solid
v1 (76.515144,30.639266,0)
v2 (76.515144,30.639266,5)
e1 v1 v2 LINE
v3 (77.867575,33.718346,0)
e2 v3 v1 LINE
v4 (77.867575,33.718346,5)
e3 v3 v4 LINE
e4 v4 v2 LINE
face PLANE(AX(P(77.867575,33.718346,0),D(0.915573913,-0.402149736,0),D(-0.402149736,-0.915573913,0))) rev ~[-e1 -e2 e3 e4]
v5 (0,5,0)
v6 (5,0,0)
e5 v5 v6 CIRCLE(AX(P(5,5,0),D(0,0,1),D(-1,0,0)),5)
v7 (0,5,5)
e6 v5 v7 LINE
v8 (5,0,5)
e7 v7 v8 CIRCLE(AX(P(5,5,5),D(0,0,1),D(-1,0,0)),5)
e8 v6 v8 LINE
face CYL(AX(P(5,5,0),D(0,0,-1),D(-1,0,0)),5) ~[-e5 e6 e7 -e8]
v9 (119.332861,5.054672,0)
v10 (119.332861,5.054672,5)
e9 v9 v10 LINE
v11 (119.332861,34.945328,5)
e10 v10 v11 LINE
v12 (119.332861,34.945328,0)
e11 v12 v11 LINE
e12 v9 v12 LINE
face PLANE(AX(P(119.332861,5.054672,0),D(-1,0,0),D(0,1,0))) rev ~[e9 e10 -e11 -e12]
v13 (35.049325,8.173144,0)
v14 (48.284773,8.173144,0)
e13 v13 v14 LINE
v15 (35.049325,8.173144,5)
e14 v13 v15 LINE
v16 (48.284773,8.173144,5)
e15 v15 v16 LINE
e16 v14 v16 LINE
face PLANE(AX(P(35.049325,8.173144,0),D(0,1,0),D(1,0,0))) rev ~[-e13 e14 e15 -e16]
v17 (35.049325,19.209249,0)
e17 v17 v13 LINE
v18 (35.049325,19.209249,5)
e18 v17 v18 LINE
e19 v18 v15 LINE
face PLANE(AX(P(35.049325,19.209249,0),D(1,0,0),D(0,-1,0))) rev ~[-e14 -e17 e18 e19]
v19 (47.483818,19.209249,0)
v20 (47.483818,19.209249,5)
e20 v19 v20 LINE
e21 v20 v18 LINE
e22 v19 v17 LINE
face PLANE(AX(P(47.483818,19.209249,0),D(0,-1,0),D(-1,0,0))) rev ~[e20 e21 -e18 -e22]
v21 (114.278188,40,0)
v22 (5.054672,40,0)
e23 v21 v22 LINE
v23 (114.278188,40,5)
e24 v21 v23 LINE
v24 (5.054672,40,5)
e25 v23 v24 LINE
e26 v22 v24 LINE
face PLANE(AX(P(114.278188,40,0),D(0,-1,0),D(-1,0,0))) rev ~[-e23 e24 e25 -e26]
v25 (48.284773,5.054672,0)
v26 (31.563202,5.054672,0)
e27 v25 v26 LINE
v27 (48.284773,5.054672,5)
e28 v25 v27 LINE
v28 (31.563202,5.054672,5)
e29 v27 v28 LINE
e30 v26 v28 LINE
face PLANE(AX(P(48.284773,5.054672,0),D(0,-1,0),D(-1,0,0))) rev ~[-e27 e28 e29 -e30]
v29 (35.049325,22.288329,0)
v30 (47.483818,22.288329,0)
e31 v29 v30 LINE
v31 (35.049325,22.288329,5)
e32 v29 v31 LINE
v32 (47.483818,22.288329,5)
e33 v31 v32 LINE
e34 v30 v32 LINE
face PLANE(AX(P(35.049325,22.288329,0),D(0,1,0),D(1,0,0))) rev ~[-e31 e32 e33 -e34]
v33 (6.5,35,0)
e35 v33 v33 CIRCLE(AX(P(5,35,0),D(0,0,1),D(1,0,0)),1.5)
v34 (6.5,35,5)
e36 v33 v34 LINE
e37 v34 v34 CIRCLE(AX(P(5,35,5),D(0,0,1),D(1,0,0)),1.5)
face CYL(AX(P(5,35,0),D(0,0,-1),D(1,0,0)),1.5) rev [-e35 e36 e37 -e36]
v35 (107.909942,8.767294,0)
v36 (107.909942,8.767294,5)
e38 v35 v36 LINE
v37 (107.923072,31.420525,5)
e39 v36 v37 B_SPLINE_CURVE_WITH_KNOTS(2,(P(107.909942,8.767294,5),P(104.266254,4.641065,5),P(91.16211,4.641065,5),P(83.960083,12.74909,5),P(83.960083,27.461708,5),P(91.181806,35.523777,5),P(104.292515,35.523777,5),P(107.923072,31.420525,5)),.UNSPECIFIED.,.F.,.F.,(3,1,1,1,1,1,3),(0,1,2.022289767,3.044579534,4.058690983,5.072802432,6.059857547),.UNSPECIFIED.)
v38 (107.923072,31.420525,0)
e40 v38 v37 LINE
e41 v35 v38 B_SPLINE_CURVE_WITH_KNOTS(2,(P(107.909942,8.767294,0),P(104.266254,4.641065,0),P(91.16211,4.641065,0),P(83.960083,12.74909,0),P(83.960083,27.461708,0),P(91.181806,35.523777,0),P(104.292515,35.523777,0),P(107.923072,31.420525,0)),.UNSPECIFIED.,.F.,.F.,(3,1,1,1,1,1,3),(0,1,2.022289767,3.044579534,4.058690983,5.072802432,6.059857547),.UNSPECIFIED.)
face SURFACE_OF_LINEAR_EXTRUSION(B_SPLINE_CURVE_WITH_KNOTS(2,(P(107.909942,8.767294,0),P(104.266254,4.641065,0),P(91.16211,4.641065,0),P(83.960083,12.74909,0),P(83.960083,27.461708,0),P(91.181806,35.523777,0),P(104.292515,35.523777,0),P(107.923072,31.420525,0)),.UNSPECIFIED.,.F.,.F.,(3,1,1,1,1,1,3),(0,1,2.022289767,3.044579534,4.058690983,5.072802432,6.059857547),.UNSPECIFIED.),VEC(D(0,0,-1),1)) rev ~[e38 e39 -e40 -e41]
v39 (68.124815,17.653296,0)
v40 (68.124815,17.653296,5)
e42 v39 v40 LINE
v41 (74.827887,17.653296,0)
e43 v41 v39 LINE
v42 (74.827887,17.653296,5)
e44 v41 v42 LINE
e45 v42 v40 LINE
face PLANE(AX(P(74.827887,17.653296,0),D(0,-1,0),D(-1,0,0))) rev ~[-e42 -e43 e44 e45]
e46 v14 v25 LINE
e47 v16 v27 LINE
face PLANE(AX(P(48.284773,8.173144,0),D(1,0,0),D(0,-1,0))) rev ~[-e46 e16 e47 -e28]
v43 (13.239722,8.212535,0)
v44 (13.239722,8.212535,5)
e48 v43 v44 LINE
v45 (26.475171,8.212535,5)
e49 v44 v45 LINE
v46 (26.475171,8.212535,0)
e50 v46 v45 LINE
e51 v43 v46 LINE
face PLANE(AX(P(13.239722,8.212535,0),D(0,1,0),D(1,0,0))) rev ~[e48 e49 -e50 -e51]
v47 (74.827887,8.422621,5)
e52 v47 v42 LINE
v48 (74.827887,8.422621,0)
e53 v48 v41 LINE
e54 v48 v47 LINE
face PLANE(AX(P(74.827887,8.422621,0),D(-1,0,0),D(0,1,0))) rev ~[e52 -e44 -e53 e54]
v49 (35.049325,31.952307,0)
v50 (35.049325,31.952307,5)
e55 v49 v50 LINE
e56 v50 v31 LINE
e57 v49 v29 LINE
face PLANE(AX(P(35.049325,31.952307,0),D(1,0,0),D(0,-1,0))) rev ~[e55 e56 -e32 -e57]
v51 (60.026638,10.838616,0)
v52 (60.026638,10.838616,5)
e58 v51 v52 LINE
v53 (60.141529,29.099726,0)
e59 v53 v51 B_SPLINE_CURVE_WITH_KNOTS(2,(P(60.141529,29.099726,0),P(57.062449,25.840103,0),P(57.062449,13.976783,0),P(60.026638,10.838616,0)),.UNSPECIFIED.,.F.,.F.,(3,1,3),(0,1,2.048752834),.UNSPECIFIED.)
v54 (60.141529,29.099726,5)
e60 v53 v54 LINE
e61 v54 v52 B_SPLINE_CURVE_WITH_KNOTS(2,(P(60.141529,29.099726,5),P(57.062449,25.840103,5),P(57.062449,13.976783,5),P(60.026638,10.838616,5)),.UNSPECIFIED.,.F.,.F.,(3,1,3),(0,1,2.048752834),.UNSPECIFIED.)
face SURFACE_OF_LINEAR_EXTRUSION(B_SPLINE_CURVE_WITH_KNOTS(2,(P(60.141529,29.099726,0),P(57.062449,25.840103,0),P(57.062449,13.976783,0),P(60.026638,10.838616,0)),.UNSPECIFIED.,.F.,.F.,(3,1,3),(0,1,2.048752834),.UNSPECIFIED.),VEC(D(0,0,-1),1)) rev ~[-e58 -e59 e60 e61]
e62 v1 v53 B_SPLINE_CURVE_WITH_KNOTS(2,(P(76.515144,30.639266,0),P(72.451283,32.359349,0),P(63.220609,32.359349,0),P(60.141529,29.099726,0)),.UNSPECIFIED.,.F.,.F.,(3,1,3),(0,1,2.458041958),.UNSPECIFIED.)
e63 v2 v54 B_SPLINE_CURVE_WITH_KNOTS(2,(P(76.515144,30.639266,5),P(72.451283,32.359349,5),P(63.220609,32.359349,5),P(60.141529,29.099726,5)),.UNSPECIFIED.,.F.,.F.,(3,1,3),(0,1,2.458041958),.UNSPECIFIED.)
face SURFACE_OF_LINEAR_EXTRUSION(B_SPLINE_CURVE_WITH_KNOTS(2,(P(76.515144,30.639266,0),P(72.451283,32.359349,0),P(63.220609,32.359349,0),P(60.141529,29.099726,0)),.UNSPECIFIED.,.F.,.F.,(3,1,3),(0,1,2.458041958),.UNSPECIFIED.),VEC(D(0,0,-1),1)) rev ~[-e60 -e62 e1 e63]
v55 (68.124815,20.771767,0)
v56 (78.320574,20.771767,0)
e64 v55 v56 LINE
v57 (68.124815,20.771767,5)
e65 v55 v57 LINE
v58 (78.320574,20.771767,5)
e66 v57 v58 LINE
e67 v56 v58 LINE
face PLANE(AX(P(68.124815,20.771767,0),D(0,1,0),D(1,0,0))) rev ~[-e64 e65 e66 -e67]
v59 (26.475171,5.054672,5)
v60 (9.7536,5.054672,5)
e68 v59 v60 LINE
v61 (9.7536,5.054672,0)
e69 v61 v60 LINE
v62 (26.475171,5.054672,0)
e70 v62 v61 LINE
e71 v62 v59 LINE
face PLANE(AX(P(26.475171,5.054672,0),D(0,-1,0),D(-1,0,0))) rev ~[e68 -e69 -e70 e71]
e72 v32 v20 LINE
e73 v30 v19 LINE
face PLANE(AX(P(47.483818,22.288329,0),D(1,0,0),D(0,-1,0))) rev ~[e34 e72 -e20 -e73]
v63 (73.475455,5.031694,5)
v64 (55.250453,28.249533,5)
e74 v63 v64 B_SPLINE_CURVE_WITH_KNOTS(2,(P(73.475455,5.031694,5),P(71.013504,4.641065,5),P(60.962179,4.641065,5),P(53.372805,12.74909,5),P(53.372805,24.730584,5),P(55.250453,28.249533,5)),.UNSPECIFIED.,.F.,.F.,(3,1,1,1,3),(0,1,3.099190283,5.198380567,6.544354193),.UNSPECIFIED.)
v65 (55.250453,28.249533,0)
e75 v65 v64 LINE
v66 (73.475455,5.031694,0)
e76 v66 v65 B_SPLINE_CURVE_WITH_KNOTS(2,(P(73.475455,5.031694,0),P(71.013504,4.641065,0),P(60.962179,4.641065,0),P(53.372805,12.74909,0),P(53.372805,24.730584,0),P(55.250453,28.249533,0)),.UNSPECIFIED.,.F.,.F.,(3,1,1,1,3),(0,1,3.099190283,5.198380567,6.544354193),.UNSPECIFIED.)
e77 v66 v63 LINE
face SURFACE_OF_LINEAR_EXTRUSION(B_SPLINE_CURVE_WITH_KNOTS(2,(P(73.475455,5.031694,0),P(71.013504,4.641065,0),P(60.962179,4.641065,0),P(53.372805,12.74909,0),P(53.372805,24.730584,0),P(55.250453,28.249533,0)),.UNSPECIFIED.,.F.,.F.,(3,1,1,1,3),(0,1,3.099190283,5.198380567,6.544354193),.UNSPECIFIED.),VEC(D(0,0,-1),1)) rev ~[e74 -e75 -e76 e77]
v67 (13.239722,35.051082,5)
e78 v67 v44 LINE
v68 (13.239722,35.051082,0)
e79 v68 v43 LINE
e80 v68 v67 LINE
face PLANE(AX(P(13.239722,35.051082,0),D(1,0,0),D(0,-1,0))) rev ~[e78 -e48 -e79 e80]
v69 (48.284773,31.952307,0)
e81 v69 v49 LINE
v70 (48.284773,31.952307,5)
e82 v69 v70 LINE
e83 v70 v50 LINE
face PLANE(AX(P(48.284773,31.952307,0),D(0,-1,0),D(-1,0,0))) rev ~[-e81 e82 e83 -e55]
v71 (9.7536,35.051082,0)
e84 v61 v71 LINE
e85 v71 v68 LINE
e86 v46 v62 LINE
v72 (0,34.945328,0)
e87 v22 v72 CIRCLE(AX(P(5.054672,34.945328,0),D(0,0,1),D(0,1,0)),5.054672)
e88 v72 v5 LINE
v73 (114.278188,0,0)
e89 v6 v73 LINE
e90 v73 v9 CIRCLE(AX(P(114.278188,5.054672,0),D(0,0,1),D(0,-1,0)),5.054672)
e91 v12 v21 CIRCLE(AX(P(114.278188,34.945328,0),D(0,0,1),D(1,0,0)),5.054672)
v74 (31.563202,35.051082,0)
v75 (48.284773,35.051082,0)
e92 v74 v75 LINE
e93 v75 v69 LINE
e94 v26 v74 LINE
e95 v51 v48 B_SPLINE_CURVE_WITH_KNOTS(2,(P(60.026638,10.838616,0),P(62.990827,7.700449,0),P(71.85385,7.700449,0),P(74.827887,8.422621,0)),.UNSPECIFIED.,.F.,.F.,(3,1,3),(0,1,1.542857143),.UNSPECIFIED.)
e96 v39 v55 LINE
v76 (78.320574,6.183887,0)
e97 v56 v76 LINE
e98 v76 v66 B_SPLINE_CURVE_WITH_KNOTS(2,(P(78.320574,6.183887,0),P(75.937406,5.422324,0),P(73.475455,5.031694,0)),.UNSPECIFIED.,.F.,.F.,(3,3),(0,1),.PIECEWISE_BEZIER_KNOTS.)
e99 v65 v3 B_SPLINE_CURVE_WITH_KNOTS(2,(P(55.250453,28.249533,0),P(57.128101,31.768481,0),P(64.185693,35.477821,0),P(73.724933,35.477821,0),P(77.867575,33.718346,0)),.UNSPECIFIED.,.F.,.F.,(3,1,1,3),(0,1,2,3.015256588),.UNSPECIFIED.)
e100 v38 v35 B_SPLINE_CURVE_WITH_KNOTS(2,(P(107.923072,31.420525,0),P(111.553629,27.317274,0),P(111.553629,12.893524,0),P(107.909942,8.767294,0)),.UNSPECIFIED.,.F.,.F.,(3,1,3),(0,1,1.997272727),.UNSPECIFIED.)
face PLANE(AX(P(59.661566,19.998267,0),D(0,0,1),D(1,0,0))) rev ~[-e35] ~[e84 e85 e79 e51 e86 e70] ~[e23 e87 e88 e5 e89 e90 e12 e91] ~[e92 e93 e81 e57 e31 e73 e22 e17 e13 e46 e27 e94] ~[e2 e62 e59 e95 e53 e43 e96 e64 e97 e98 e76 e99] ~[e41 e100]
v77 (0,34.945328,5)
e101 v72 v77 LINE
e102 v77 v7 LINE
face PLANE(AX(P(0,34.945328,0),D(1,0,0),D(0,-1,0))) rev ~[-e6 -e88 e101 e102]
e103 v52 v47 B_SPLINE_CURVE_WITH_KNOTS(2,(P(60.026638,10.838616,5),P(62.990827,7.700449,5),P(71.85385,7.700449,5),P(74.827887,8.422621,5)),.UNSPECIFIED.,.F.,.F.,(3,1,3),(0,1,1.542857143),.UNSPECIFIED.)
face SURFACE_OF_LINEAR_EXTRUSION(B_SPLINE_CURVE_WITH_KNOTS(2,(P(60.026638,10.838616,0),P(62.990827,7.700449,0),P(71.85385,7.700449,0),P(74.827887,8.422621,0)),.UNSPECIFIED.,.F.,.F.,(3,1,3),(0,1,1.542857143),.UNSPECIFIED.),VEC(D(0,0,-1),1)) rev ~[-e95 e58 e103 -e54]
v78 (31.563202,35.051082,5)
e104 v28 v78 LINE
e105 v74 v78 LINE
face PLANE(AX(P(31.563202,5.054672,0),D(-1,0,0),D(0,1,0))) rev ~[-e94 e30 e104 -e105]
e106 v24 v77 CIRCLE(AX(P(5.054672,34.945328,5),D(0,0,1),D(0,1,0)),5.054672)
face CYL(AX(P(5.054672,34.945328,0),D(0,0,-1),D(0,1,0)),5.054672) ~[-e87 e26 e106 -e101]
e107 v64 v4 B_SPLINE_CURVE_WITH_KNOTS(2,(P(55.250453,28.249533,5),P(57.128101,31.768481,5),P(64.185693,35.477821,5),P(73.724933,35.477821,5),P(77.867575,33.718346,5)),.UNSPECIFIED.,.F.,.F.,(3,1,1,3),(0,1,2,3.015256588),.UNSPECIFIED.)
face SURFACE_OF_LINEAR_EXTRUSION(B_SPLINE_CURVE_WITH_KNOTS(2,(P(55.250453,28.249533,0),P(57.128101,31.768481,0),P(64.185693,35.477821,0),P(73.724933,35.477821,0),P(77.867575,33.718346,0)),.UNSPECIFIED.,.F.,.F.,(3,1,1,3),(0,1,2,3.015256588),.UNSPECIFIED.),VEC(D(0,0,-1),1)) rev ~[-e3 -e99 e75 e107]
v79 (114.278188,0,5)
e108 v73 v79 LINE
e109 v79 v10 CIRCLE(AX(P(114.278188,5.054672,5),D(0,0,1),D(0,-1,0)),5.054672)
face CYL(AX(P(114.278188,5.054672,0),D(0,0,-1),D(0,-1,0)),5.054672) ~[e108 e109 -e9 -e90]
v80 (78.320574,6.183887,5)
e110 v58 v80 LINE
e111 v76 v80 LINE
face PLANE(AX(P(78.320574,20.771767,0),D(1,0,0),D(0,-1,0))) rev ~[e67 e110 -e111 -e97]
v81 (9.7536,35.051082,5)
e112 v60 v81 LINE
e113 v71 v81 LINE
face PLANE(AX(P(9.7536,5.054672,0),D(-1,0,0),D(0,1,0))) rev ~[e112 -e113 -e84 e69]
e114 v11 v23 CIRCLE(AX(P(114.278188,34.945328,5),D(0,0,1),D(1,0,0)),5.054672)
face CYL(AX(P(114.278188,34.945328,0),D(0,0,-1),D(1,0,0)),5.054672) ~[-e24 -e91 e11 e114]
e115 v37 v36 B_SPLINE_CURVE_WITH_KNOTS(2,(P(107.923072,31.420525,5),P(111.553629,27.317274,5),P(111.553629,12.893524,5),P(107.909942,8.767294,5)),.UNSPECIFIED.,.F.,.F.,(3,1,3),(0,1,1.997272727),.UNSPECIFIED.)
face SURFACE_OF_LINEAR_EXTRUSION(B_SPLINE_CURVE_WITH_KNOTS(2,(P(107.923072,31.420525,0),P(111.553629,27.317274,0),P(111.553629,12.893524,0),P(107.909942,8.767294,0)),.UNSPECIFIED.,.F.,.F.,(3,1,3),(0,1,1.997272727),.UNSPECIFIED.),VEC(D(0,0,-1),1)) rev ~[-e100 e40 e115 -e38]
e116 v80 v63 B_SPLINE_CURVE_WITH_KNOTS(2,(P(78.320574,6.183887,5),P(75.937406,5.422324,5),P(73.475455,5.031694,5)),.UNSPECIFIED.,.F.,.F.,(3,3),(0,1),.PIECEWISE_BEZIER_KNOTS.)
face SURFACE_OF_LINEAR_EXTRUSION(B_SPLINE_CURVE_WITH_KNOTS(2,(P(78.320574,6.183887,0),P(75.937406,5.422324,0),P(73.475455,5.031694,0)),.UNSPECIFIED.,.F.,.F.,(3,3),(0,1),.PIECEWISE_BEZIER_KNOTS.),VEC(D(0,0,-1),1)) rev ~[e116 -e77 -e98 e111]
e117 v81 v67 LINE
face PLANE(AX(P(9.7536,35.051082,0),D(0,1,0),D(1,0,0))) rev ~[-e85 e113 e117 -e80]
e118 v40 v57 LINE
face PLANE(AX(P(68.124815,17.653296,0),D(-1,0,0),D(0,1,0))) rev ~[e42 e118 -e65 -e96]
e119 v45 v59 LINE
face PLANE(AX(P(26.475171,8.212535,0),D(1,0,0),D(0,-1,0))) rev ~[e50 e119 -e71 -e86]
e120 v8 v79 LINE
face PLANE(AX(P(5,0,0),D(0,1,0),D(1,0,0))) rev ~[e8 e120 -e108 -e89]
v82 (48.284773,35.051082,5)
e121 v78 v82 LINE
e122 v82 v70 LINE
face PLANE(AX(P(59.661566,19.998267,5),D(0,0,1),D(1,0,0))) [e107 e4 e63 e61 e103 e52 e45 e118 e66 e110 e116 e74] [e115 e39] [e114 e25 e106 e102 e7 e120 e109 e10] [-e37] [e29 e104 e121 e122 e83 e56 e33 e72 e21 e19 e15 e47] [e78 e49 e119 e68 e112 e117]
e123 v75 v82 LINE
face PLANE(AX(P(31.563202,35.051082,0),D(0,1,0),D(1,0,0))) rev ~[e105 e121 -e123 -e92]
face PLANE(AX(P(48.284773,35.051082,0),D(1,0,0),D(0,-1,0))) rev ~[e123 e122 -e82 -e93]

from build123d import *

# Parameters (mm, degrees)
F0_R     = 1.5
F1_DEPTH = 5


with BuildPart() as f1:
    # F0 (on Top) → F1 (new body)
    with BuildSketch(Plane.XY):
        with BuildLine():
            ThreePointArc((0, 5), (1.4644660941, 1.4644660941), (5, 0))
            Line((5, 0), (114.2781882361, 0))
            ThreePointArc((114.2781882361, 0), (117.8523813388, 1.4804792577), (119.3328605965, 5.0546723604))
            Line((119.3328605965, 5.0546723604), (119.3328605965, 34.9453276396))
            ThreePointArc((119.3328605965, 34.9453276396), (117.8523813388, 38.5195207423), (114.2781882361, 40))
            Line((114.2781882361, 40), (5.0546723604, 40))
            ThreePointArc((5.0546723604, 40), (1.4804792577, 38.5195207423), (0, 34.9453276396))
            Line((0, 34.9453276396), (0, 5))
        make_face()
        Polygon((26.4751705242, 5.0546723604), (9.7535998563, 5.0546723604), (9.7535998563, 35.0510824042), (13.2397223631, 35.0510824042), (13.2397223631, 8.2125347441), (26.4751705242, 8.2125347441), align=None, mode=Mode.SUBTRACT)
        Polygon((48.2847730993, 8.1731435293), (48.2847730993, 5.0546723604), (31.5632024314, 5.0546723604), (31.5632024314, 35.0510824042), (48.2847730993, 35.0510824042), (48.2847730993, 31.9523068427), (35.0493249381, 31.9523068427), (35.0493249381, 22.2883288202), (47.483818399, 22.2883288202), (47.483818399, 19.2092488661), (35.0493249381, 19.2092488661), (35.0493249381, 8.1731435293), align=None, mode=Mode.SUBTRACT)
        with Locations((5, 35)):
            Circle(F0_R, mode=Mode.SUBTRACT)
        with BuildLine():
            Line((68.1248149361, 17.6532958829), (68.1248149361, 20.7717670518))
            Line((68.1248149361, 20.7717670518), (78.3205743578, 20.7717670518))
            Line((78.3205743578, 20.7717670518), (78.3205743578, 6.1838871837))
            add(Edge.make_bspline(
                [(78.3205743578, 6.1838871837), (75.9374058645, 5.4223236982), (73.4754549417, 5.0316941518)],
                knots=[0, 0, 0, 1, 1, 1], degree=2))
            add(Edge.make_bspline(
                [(73.4754549417, 5.0316941518), (71.0135040188, 4.6410646054), (67.7702940032, 4.6410646054)],
                knots=[0, 0, 0, 1, 1, 1], degree=2))
            add(Edge.make_bspline(
                [(67.7702940032, 4.6410646054), (60.9621790512, 4.6410646054), (57.1674920288, 8.695077125)],
                knots=[0, 0, 0, 1, 1, 1], degree=2))
            add(Edge.make_bspline(
                [(57.1674920288, 8.695077125), (53.3728050064, 12.7490896446), (53.3728050064, 20.0495947811)],
                knots=[0, 0, 0, 1, 1, 1], degree=2))
            add(Edge.make_bspline(
                [(53.3728050064, 20.0495947811), (53.3728050064, 24.7305841357), (55.2504529103, 28.2495326547)],
                knots=[0, 0, 0, 1, 1, 1], degree=2))
            add(Edge.make_bspline(
                [(55.2504529103, 28.2495326547), (57.1281008141, 31.7684811738), (60.6568971368, 33.623150869)],
                knots=[0, 0, 0, 1, 1, 1], degree=2))
            add(Edge.make_bspline(
                [(60.6568971368, 33.623150869), (64.1856934595, 35.4778205642), (68.9192044338, 35.4778205642)],
                knots=[0, 0, 0, 1, 1, 1], degree=2))
            add(Edge.make_bspline(
                [(68.9192044338, 35.4778205642), (73.7249326352, 35.4778205642), (77.867575388, 33.7183463046)],
                knots=[0, 0, 0, 1, 1, 1], degree=2))
            Line((77.867575388, 33.7183463046), (76.5151436811, 30.6392663505))
            add(Edge.make_bspline(
                [(76.5151436811, 30.6392663505), (72.4512833578, 32.3593493952), (68.6959875501, 32.3593493952)],
                knots=[0, 0, 0, 1, 1, 1], degree=2))
            add(Edge.make_bspline(
                [(68.6959875501, 32.3593493952), (63.2206086978, 32.3593493952), (60.1415287436, 29.0997263734)],
                knots=[0, 0, 0, 1, 1, 1], degree=2))
            add(Edge.make_bspline(
                [(60.1415287436, 29.0997263734), (57.0624487895, 25.8401033516), (57.0624487895, 20.0495947811)],
                knots=[0, 0, 0, 1, 1, 1], degree=2))
            add(Edge.make_bspline(
                [(57.0624487895, 20.0495947811), (57.0624487895, 13.9767825048), (60.0266377006, 10.8386157285)],
                knots=[0, 0, 0, 1, 1, 1], degree=2))
            add(Edge.make_bspline(
                [(60.0266377006, 10.8386157285), (62.9908266116, 7.7004489522), (68.7353787649, 7.7004489522)],
                knots=[0, 0, 0, 1, 1, 1], degree=2))
            add(Edge.make_bspline(
                [(68.7353787649, 7.7004489522), (71.8538499338, 7.7004489522), (74.8278866486, 8.4226212229)],
                knots=[0, 0, 0, 1, 1, 1], degree=2))
            Line((74.8278866486, 8.4226212229), (74.8278866486, 17.6532958829))
            Line((74.8278866486, 17.6532958829), (68.1248149361, 17.6532958829))
        make_face(mode=Mode.SUBTRACT)
        with BuildLine():
            add(Edge.make_bspline(
                [(107.9230722539, 31.4205254433), (111.5536292148, 27.3172739053), (111.5536292148, 20.0955511983)],
                knots=[0, 0, 0, 1, 1, 1], degree=2))
            add(Edge.make_bspline(
                [(111.5536292148, 20.0955511983), (111.5536292148, 12.8935240987), (107.909941849, 8.767294352)],
                knots=[0, 0, 0, 1, 1, 1], degree=2))
            add(Edge.make_bspline(
                [(107.909941849, 8.767294352), (104.2662544832, 4.6410646054), (97.7863996543, 4.6410646054)],
                knots=[0, 0, 0, 1, 1, 1], degree=2))
            add(Edge.make_bspline(
                [(97.7863996543, 4.6410646054), (91.1621103713, 4.6410646054), (87.5610968215, 8.695077125)],
                knots=[0, 0, 0, 1, 1, 1], degree=2))
            add(Edge.make_bspline(
                [(87.5610968215, 8.695077125), (83.9600832717, 12.7490896446), (83.9600832717, 20.1349424131)],
                knots=[0, 0, 0, 1, 1, 1], degree=2))
            add(Edge.make_bspline(
                [(83.9600832717, 20.1349424131), (83.9600832717, 27.4617083594), (87.5709446252, 31.4927426704)],
                knots=[0, 0, 0, 1, 1, 1], degree=2))
            add(Edge.make_bspline(
                [(87.5709446252, 31.4927426704), (91.1818059787, 35.5237769814), (97.8257908691, 35.5237769814)],
                knots=[0, 0, 0, 1, 1, 1], degree=2))
            add(Edge.make_bspline(
                [(97.8257908691, 35.5237769814), (104.2925152931, 35.5237769814), (107.9230722539, 31.4205254433)],
                knots=[0, 0, 0, 1, 1, 1], degree=2))
        make_face(mode=Mode.SUBTRACT)
    extrude(amount=F1_DEPTH)


solid = f1.part
